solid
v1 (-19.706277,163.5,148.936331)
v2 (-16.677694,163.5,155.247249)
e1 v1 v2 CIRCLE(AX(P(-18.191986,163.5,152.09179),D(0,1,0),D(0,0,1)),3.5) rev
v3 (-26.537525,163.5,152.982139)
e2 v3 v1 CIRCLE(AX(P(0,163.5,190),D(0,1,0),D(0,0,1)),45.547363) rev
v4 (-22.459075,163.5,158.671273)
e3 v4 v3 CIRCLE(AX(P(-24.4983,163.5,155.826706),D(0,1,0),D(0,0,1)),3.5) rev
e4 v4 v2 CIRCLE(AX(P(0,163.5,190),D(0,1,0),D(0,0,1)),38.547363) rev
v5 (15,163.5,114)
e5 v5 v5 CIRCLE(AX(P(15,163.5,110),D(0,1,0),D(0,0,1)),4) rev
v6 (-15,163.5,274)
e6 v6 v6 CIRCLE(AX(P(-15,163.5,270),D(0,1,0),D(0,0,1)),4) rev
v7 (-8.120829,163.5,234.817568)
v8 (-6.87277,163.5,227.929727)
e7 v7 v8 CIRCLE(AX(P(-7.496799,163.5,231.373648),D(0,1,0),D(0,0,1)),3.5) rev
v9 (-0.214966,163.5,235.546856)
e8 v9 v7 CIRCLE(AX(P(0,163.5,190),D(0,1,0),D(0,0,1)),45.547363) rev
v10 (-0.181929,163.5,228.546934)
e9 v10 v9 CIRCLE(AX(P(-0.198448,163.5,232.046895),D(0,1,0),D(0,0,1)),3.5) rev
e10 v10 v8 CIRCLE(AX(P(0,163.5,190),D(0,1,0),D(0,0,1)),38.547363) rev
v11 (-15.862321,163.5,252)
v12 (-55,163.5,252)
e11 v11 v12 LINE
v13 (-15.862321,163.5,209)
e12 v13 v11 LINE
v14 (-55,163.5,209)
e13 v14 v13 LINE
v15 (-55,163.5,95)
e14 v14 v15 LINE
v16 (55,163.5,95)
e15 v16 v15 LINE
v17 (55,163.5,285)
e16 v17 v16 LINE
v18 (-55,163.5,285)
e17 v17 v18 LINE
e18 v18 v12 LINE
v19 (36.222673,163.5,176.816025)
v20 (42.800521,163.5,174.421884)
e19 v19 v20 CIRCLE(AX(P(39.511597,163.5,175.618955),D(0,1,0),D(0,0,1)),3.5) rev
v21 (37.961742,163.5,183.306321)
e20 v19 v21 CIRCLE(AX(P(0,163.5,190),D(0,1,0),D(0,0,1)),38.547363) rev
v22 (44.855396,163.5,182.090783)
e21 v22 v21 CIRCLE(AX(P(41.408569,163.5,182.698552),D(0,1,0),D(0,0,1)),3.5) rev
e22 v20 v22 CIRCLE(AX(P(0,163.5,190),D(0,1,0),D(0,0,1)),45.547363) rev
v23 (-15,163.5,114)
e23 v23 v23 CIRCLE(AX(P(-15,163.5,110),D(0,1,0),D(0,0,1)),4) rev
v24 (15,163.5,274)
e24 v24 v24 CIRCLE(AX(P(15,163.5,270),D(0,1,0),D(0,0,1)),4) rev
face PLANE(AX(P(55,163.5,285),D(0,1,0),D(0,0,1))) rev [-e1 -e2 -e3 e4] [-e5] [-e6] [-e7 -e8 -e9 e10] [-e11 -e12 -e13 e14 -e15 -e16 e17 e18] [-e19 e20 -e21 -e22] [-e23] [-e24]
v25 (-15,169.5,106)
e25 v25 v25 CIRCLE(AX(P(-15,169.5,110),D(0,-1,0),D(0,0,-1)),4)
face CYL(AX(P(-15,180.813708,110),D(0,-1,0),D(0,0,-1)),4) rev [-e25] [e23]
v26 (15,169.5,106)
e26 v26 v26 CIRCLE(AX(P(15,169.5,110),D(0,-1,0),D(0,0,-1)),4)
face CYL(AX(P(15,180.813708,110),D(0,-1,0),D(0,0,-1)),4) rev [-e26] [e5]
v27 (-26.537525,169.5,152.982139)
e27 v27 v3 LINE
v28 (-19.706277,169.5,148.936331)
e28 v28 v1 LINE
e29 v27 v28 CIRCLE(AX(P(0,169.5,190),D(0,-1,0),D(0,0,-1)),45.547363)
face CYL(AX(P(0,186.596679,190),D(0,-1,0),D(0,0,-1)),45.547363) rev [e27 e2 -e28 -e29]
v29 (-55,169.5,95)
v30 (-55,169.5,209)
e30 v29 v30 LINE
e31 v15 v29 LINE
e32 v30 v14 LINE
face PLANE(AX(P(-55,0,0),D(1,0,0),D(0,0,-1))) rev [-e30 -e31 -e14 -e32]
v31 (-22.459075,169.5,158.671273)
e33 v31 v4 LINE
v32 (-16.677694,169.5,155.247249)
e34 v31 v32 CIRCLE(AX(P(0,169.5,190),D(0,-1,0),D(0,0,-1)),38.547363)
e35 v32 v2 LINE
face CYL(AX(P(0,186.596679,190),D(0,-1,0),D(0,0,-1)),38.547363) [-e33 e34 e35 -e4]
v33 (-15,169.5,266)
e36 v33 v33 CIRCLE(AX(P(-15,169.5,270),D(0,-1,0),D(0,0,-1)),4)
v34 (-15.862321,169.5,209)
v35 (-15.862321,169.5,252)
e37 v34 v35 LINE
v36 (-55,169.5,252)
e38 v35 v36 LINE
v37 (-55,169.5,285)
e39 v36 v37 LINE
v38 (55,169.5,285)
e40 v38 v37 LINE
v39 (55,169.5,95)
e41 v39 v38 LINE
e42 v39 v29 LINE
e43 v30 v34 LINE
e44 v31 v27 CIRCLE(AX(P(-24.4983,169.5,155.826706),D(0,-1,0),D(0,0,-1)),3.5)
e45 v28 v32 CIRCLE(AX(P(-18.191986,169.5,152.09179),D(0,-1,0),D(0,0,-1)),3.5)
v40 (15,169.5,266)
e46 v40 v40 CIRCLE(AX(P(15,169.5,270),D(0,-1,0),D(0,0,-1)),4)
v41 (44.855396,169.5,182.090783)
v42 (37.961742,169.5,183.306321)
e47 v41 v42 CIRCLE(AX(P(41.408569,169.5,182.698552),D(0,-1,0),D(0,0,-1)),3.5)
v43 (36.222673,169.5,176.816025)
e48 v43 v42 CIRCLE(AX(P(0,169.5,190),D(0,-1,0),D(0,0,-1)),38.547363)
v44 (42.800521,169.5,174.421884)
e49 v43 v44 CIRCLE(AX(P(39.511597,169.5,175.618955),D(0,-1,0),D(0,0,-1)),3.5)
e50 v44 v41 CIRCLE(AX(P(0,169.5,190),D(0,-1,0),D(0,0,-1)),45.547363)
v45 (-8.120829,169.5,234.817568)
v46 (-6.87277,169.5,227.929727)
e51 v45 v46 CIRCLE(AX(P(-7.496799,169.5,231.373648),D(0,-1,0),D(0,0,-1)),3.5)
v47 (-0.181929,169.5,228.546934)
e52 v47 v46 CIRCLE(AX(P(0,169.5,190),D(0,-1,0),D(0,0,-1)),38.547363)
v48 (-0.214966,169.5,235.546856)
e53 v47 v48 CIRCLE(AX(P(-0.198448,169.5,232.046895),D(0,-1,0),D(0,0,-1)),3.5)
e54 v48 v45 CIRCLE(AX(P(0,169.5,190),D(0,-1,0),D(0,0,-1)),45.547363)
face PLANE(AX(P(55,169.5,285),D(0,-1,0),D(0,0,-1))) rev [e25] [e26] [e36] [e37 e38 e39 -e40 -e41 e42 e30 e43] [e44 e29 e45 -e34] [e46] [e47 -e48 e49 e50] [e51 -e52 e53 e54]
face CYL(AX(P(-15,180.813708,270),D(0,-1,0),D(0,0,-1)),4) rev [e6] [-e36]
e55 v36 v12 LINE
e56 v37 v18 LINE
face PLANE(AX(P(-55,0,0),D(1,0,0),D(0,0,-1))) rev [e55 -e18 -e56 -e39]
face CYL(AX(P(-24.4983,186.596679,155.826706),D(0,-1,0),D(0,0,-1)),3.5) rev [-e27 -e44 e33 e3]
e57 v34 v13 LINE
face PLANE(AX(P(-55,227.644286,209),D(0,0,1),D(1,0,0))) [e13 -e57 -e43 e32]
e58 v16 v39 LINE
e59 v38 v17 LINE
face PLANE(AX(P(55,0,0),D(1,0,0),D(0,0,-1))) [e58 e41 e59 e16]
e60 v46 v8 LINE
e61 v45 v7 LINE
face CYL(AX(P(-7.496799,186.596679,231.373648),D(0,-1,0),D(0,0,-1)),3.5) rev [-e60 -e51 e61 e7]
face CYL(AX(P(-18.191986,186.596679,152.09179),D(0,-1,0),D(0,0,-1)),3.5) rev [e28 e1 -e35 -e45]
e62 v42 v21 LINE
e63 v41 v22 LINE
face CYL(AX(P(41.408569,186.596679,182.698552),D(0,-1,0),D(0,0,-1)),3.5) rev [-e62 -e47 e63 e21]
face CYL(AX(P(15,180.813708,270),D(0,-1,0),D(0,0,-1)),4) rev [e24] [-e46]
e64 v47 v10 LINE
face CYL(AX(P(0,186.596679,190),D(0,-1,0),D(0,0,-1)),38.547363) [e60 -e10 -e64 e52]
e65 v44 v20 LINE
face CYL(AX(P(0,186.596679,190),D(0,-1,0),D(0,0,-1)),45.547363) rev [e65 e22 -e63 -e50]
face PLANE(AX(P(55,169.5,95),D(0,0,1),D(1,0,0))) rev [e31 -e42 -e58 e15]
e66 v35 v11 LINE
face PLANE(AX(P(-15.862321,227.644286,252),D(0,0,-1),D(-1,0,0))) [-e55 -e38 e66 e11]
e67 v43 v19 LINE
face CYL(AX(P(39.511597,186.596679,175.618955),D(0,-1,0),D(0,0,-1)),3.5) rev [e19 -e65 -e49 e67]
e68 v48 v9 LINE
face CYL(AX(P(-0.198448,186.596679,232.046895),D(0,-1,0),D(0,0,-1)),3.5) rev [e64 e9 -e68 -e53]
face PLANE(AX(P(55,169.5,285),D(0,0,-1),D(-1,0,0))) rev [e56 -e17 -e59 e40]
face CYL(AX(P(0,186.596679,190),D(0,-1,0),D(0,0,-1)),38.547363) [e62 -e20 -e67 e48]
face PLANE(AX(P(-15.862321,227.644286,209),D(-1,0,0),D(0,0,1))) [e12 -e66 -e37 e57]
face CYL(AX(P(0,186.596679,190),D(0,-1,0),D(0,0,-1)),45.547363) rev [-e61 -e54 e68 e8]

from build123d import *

# Parameters (mm, degrees)
SKIZZE3_W                            = 190
SKIZZE3_H                            = 6
AUFSATZ_LINEAR_AUSTRAGEN2_DEPTH      = 55
AUFSATZ_LINEAR_AUSTRAGEN2_DEPTH_BACK = 55
SCHNITT_LINEAR_AUSTRAGEN5_DEPTH      = 169.5
OUTLINETOP_R                         = 3
SCHNITT_LINEAR_AUSTRAGEN6_DEPTH      = 169.5
SKIZZE8_W                            = 39.137679275
SKIZZE8_H                            = 43
SCHNITT_LINEAR_AUSTRAGEN7_DEPTH      = 169.5
SKIZZE9_R                            = 4
SCHNITT_LINEAR_AUSTRAGEN8_DEPTH      = 169.5


with BuildPart() as part:
    # Skizze3 → Aufsatz-Linear austragen2 (new body, two sides)
    with BuildSketch(Plane(origin=(0, 0, 0), x_dir=(0, 0, -1), z_dir=(1, 0, 0))) as aufsatz_linear_austragen2_sk:
        with Locations((-190, 166.5)):
            Rectangle(SKIZZE3_W, SKIZZE3_H)
    extrude(amount=AUFSATZ_LINEAR_AUSTRAGEN2_DEPTH)
    extrude(aufsatz_linear_austragen2_sk.sketch, amount=-AUFSATZ_LINEAR_AUSTRAGEN2_DEPTH_BACK)

    # Holes → Schnitt-Linear austragen5 (cut)
    with BuildSketch(Plane(origin=(0, 0, 0), x_dir=(1, 0, 0), z_dir=(0, 1, 0))):
        with BuildLine():
            ThreePointArc((-19.706276733, -148.936330777), (-23.210222992, -150.810105621), (-26.537525439, -152.982139225))
            ThreePointArc((-26.537525439, -152.982139225), (-27.342866764, -157.865931333), (-22.459074657, -158.671272659))
            ThreePointArc((-22.459074657, -158.671272659), (-19.643132597, -156.833050591), (-16.677694436, -155.247249036))
            ThreePointArc((-16.677694436, -155.247249036), (-15.036526455, -150.577498758), (-19.706276733, -148.936330777))
        make_face()
        with BuildLine():
            ThreePointArc((44.855396174, -182.090783424), (43.995374204, -178.211475011), (42.800520871, -174.421884392))
            ThreePointArc((42.800520871, -174.421884392), (38.314526197, -172.330030721), (36.222672526, -176.816025395))
            ThreePointArc((36.222672526, -176.816025395), (37.23389342, -180.023208327), (37.961741903, -183.306320668))
            ThreePointArc((37.961741903, -183.306320668), (42.01633766, -186.145379182), (44.855396174, -182.090783424))
        make_face()
        with BuildLine():
            ThreePointArc((-8.120828878, -234.817568107), (-4.183818236, -235.354800603), (-0.214966211, -235.546855679))
            ThreePointArc((-0.214966211, -235.546855679), (3.301513476, -232.063413328), (-0.181928876, -228.546933641))
            ThreePointArc((-0.181928876, -228.546933641), (-3.540823214, -228.384394775), (-6.872769749, -227.929727487))
            ThreePointArc((-6.872769749, -227.929727487), (-10.940719624, -230.749618233), (-8.120828878, -234.817568107))
        make_face()
    extrude(amount=SCHNITT_LINEAR_AUSTRAGEN5_DEPTH, mode=Mode.SUBTRACT)

    # OutlineTop → Schnitt-Linear austragen6 (cut)
    with BuildSketch(Plane(origin=(0, 0, 0), x_dir=(1, 0, 0), z_dir=(0, 1, 0))):
        with Locations((-15, -270)):
            Circle(OUTLINETOP_R)
        with Locations((15, -270)):
            Circle(OUTLINETOP_R)
        with Locations((-15, -110)):
            Circle(OUTLINETOP_R)
        with Locations((15, -110)):
            Circle(OUTLINETOP_R)
    extrude(amount=SCHNITT_LINEAR_AUSTRAGEN6_DEPTH, mode=Mode.SUBTRACT)

    # Skizze8 → Schnitt-Linear austragen7 (cut)
    with BuildSketch(Plane(origin=(0, 0, 0), x_dir=(1, 0, 0), z_dir=(0, 1, 0))):
        with Locations((-35.431160363, -230.5)):
            Rectangle(SKIZZE8_W, SKIZZE8_H)
    extrude(amount=SCHNITT_LINEAR_AUSTRAGEN7_DEPTH, mode=Mode.SUBTRACT)

    # Skizze9 → Schnitt-Linear austragen8 (cut)
    with BuildSketch(Plane(origin=(0, 0, 0), x_dir=(1, 0, 0), z_dir=(0, 1, 0))):
        with Locations((-15, -110)):
            Circle(SKIZZE9_R)
        with Locations((15, -110)):
            Circle(SKIZZE9_R)
        with Locations((15, -270)):
            Circle(SKIZZE9_R)
        with Locations((-15, -270)):
            Circle(SKIZZE9_R)
    extrude(amount=SCHNITT_LINEAR_AUSTRAGEN8_DEPTH, mode=Mode.SUBTRACT)


solid = part.part
